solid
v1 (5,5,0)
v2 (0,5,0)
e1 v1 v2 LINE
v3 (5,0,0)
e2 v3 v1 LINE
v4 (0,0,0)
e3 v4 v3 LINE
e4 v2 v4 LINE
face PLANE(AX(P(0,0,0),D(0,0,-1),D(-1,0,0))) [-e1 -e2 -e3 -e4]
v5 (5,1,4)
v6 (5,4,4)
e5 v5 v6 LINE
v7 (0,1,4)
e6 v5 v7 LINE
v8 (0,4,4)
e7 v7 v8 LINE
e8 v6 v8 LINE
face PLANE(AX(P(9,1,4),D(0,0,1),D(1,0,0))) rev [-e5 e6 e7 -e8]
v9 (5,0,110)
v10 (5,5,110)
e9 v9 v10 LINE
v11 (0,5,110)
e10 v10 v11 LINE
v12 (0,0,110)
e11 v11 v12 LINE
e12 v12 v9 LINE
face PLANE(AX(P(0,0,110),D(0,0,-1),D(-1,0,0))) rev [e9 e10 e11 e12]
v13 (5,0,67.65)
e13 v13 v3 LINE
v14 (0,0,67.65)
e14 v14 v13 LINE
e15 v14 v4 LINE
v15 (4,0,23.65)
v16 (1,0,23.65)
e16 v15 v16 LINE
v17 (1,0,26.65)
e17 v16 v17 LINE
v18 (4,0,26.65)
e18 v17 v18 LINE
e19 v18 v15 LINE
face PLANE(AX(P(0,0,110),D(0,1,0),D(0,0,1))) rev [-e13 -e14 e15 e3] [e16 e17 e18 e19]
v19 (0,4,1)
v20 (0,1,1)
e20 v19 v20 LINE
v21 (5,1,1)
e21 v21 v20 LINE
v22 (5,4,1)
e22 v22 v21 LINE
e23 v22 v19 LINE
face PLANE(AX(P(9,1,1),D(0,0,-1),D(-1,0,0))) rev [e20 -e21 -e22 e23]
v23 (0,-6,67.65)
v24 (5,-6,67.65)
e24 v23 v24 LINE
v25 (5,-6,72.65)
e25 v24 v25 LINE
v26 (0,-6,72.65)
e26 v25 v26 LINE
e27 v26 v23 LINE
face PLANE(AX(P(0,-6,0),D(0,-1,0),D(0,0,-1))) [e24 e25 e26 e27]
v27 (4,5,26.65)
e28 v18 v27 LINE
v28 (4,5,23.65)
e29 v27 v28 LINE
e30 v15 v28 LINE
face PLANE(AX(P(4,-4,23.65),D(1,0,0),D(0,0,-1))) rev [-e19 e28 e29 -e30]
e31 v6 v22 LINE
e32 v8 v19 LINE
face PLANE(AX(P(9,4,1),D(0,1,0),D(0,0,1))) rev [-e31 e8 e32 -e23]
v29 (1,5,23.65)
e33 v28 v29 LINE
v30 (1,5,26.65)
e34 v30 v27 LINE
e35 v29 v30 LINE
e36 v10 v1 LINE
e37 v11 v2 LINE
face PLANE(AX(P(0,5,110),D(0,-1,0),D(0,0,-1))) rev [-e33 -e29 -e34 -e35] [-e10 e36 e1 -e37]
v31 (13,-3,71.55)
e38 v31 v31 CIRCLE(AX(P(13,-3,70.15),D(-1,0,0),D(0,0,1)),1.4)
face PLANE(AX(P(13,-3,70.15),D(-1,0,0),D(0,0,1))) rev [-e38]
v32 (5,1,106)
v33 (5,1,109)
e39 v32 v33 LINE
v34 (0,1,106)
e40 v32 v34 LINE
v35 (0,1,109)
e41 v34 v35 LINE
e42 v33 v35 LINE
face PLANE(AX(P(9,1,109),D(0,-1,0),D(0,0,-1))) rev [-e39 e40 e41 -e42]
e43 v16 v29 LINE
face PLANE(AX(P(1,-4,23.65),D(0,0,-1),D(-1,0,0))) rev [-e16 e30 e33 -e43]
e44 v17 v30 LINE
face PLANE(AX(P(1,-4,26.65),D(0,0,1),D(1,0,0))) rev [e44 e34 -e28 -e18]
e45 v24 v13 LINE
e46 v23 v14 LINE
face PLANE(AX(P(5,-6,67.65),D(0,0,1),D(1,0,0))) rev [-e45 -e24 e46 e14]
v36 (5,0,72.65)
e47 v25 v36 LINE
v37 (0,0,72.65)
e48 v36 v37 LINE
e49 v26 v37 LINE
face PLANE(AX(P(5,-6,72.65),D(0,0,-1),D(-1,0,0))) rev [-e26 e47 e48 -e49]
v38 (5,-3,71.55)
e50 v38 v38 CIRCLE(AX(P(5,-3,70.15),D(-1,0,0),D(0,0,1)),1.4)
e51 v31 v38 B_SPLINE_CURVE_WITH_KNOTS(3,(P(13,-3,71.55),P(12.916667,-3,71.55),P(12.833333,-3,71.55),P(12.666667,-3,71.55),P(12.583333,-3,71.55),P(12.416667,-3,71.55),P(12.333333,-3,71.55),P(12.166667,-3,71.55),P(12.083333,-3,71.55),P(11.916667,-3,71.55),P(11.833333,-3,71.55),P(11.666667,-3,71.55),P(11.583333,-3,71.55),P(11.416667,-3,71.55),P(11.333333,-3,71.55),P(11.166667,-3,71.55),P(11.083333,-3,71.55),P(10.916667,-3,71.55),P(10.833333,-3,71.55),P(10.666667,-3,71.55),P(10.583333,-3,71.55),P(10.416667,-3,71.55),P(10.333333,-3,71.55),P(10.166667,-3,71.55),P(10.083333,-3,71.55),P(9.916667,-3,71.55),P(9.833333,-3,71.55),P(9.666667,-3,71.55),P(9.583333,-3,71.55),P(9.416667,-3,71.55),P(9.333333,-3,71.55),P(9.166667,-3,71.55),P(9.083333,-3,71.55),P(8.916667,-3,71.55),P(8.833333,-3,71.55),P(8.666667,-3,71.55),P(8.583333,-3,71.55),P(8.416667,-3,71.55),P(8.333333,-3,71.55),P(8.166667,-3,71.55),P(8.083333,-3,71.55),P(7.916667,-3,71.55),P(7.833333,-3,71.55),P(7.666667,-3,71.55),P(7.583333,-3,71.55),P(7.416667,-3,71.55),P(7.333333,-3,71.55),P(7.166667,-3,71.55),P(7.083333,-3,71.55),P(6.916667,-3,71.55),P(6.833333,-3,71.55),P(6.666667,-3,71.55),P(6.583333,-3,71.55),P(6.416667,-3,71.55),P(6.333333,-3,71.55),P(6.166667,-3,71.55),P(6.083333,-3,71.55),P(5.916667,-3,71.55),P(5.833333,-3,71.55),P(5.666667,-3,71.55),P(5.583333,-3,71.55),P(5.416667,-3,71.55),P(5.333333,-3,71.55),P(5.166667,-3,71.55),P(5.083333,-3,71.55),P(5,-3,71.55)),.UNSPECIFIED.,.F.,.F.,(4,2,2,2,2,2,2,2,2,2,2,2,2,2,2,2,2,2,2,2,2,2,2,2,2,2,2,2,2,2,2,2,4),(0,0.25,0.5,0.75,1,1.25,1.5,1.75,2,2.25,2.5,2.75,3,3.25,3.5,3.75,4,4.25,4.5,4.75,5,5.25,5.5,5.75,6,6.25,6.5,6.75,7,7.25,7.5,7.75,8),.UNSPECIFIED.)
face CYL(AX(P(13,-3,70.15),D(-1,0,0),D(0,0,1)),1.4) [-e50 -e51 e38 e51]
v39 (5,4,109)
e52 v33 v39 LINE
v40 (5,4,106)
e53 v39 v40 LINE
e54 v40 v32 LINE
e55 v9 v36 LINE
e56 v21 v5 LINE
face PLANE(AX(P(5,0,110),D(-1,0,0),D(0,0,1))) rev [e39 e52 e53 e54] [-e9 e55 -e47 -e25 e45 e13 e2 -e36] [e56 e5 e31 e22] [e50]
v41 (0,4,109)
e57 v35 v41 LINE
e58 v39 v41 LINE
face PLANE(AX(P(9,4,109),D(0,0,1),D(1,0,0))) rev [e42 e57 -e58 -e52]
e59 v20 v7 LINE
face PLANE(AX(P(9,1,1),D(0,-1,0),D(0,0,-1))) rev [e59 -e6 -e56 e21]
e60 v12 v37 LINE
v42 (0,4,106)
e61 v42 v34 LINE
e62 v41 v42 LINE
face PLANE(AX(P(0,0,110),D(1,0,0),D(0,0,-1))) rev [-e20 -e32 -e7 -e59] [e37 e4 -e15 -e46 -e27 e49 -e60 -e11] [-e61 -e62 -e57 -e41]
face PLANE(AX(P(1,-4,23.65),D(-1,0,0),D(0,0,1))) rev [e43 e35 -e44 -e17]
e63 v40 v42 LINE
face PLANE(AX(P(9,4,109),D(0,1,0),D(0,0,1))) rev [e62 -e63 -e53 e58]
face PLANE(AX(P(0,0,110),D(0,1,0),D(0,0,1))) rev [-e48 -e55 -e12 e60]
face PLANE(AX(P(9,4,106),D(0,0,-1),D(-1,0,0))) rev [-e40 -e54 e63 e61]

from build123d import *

# Parameters (mm, degrees)
SKETCH1_W           = 5
SKETCH1_H           = 5
BOSS_EXTRUDE1_DEPTH = 110
SKETCH2_W           = 3
SKETCH2_H           = 3
CUT_EXTRUDE1_DEPTH  = 9
SKETCH3_W           = 3
SKETCH3_H           = 3
CUT_EXTRUDE2_DEPTH  = 9
SKETCH4_W           = 5
SKETCH4_H           = 5
BOSS_EXTRUDE2_DEPTH = 6
SKETCH5_R           = 1.4
BOSS_EXTRUDE3_DEPTH = 13


with BuildPart() as part:
    # Sketch1 → Boss-Extrude1 (new body)
    with BuildSketch(Plane.XY):
        with Locations((2.5, 2.5)):
            Rectangle(SKETCH1_W, SKETCH1_H)
    extrude(amount=BOSS_EXTRUDE1_DEPTH)

    # Sketch2 → Cut-Extrude1 (cut)
    with BuildSketch(Plane.ZY):
        with Locations((2.5, 2.5)):
            Rectangle(SKETCH2_W, SKETCH2_H)
        with Locations((107.5, 2.5)):
            Rectangle(SKETCH2_W, SKETCH2_H)
    extrude(amount=-CUT_EXTRUDE1_DEPTH, mode=Mode.SUBTRACT)

    # Sketch3 → Cut-Extrude2 (cut)
    with BuildSketch(Plane(origin=(0, 5, 0), x_dir=(1, 0, 0), z_dir=(0, 1, 0))):
        with Locations((2.5, -25.15)):
            Rectangle(SKETCH3_W, SKETCH3_H)
    extrude(amount=-CUT_EXTRUDE2_DEPTH, mode=Mode.SUBTRACT)

    # Sketch4 → Boss-Extrude2 (add)
    with BuildSketch(Plane(origin=(0, 0, 0), x_dir=(-1, 0, 0), z_dir=(0, -1, 0))):
        with Locations((-2.5, -70.15)):
            Rectangle(SKETCH4_W, SKETCH4_H)
    extrude(amount=BOSS_EXTRUDE2_DEPTH)

    # Sketch5 → Boss-Extrude3 (add)
    with BuildSketch(Plane.ZY):
        with Locations((70.15, -3)):
            Circle(SKETCH5_R)
    extrude(amount=-BOSS_EXTRUDE3_DEPTH)


solid = part.part
